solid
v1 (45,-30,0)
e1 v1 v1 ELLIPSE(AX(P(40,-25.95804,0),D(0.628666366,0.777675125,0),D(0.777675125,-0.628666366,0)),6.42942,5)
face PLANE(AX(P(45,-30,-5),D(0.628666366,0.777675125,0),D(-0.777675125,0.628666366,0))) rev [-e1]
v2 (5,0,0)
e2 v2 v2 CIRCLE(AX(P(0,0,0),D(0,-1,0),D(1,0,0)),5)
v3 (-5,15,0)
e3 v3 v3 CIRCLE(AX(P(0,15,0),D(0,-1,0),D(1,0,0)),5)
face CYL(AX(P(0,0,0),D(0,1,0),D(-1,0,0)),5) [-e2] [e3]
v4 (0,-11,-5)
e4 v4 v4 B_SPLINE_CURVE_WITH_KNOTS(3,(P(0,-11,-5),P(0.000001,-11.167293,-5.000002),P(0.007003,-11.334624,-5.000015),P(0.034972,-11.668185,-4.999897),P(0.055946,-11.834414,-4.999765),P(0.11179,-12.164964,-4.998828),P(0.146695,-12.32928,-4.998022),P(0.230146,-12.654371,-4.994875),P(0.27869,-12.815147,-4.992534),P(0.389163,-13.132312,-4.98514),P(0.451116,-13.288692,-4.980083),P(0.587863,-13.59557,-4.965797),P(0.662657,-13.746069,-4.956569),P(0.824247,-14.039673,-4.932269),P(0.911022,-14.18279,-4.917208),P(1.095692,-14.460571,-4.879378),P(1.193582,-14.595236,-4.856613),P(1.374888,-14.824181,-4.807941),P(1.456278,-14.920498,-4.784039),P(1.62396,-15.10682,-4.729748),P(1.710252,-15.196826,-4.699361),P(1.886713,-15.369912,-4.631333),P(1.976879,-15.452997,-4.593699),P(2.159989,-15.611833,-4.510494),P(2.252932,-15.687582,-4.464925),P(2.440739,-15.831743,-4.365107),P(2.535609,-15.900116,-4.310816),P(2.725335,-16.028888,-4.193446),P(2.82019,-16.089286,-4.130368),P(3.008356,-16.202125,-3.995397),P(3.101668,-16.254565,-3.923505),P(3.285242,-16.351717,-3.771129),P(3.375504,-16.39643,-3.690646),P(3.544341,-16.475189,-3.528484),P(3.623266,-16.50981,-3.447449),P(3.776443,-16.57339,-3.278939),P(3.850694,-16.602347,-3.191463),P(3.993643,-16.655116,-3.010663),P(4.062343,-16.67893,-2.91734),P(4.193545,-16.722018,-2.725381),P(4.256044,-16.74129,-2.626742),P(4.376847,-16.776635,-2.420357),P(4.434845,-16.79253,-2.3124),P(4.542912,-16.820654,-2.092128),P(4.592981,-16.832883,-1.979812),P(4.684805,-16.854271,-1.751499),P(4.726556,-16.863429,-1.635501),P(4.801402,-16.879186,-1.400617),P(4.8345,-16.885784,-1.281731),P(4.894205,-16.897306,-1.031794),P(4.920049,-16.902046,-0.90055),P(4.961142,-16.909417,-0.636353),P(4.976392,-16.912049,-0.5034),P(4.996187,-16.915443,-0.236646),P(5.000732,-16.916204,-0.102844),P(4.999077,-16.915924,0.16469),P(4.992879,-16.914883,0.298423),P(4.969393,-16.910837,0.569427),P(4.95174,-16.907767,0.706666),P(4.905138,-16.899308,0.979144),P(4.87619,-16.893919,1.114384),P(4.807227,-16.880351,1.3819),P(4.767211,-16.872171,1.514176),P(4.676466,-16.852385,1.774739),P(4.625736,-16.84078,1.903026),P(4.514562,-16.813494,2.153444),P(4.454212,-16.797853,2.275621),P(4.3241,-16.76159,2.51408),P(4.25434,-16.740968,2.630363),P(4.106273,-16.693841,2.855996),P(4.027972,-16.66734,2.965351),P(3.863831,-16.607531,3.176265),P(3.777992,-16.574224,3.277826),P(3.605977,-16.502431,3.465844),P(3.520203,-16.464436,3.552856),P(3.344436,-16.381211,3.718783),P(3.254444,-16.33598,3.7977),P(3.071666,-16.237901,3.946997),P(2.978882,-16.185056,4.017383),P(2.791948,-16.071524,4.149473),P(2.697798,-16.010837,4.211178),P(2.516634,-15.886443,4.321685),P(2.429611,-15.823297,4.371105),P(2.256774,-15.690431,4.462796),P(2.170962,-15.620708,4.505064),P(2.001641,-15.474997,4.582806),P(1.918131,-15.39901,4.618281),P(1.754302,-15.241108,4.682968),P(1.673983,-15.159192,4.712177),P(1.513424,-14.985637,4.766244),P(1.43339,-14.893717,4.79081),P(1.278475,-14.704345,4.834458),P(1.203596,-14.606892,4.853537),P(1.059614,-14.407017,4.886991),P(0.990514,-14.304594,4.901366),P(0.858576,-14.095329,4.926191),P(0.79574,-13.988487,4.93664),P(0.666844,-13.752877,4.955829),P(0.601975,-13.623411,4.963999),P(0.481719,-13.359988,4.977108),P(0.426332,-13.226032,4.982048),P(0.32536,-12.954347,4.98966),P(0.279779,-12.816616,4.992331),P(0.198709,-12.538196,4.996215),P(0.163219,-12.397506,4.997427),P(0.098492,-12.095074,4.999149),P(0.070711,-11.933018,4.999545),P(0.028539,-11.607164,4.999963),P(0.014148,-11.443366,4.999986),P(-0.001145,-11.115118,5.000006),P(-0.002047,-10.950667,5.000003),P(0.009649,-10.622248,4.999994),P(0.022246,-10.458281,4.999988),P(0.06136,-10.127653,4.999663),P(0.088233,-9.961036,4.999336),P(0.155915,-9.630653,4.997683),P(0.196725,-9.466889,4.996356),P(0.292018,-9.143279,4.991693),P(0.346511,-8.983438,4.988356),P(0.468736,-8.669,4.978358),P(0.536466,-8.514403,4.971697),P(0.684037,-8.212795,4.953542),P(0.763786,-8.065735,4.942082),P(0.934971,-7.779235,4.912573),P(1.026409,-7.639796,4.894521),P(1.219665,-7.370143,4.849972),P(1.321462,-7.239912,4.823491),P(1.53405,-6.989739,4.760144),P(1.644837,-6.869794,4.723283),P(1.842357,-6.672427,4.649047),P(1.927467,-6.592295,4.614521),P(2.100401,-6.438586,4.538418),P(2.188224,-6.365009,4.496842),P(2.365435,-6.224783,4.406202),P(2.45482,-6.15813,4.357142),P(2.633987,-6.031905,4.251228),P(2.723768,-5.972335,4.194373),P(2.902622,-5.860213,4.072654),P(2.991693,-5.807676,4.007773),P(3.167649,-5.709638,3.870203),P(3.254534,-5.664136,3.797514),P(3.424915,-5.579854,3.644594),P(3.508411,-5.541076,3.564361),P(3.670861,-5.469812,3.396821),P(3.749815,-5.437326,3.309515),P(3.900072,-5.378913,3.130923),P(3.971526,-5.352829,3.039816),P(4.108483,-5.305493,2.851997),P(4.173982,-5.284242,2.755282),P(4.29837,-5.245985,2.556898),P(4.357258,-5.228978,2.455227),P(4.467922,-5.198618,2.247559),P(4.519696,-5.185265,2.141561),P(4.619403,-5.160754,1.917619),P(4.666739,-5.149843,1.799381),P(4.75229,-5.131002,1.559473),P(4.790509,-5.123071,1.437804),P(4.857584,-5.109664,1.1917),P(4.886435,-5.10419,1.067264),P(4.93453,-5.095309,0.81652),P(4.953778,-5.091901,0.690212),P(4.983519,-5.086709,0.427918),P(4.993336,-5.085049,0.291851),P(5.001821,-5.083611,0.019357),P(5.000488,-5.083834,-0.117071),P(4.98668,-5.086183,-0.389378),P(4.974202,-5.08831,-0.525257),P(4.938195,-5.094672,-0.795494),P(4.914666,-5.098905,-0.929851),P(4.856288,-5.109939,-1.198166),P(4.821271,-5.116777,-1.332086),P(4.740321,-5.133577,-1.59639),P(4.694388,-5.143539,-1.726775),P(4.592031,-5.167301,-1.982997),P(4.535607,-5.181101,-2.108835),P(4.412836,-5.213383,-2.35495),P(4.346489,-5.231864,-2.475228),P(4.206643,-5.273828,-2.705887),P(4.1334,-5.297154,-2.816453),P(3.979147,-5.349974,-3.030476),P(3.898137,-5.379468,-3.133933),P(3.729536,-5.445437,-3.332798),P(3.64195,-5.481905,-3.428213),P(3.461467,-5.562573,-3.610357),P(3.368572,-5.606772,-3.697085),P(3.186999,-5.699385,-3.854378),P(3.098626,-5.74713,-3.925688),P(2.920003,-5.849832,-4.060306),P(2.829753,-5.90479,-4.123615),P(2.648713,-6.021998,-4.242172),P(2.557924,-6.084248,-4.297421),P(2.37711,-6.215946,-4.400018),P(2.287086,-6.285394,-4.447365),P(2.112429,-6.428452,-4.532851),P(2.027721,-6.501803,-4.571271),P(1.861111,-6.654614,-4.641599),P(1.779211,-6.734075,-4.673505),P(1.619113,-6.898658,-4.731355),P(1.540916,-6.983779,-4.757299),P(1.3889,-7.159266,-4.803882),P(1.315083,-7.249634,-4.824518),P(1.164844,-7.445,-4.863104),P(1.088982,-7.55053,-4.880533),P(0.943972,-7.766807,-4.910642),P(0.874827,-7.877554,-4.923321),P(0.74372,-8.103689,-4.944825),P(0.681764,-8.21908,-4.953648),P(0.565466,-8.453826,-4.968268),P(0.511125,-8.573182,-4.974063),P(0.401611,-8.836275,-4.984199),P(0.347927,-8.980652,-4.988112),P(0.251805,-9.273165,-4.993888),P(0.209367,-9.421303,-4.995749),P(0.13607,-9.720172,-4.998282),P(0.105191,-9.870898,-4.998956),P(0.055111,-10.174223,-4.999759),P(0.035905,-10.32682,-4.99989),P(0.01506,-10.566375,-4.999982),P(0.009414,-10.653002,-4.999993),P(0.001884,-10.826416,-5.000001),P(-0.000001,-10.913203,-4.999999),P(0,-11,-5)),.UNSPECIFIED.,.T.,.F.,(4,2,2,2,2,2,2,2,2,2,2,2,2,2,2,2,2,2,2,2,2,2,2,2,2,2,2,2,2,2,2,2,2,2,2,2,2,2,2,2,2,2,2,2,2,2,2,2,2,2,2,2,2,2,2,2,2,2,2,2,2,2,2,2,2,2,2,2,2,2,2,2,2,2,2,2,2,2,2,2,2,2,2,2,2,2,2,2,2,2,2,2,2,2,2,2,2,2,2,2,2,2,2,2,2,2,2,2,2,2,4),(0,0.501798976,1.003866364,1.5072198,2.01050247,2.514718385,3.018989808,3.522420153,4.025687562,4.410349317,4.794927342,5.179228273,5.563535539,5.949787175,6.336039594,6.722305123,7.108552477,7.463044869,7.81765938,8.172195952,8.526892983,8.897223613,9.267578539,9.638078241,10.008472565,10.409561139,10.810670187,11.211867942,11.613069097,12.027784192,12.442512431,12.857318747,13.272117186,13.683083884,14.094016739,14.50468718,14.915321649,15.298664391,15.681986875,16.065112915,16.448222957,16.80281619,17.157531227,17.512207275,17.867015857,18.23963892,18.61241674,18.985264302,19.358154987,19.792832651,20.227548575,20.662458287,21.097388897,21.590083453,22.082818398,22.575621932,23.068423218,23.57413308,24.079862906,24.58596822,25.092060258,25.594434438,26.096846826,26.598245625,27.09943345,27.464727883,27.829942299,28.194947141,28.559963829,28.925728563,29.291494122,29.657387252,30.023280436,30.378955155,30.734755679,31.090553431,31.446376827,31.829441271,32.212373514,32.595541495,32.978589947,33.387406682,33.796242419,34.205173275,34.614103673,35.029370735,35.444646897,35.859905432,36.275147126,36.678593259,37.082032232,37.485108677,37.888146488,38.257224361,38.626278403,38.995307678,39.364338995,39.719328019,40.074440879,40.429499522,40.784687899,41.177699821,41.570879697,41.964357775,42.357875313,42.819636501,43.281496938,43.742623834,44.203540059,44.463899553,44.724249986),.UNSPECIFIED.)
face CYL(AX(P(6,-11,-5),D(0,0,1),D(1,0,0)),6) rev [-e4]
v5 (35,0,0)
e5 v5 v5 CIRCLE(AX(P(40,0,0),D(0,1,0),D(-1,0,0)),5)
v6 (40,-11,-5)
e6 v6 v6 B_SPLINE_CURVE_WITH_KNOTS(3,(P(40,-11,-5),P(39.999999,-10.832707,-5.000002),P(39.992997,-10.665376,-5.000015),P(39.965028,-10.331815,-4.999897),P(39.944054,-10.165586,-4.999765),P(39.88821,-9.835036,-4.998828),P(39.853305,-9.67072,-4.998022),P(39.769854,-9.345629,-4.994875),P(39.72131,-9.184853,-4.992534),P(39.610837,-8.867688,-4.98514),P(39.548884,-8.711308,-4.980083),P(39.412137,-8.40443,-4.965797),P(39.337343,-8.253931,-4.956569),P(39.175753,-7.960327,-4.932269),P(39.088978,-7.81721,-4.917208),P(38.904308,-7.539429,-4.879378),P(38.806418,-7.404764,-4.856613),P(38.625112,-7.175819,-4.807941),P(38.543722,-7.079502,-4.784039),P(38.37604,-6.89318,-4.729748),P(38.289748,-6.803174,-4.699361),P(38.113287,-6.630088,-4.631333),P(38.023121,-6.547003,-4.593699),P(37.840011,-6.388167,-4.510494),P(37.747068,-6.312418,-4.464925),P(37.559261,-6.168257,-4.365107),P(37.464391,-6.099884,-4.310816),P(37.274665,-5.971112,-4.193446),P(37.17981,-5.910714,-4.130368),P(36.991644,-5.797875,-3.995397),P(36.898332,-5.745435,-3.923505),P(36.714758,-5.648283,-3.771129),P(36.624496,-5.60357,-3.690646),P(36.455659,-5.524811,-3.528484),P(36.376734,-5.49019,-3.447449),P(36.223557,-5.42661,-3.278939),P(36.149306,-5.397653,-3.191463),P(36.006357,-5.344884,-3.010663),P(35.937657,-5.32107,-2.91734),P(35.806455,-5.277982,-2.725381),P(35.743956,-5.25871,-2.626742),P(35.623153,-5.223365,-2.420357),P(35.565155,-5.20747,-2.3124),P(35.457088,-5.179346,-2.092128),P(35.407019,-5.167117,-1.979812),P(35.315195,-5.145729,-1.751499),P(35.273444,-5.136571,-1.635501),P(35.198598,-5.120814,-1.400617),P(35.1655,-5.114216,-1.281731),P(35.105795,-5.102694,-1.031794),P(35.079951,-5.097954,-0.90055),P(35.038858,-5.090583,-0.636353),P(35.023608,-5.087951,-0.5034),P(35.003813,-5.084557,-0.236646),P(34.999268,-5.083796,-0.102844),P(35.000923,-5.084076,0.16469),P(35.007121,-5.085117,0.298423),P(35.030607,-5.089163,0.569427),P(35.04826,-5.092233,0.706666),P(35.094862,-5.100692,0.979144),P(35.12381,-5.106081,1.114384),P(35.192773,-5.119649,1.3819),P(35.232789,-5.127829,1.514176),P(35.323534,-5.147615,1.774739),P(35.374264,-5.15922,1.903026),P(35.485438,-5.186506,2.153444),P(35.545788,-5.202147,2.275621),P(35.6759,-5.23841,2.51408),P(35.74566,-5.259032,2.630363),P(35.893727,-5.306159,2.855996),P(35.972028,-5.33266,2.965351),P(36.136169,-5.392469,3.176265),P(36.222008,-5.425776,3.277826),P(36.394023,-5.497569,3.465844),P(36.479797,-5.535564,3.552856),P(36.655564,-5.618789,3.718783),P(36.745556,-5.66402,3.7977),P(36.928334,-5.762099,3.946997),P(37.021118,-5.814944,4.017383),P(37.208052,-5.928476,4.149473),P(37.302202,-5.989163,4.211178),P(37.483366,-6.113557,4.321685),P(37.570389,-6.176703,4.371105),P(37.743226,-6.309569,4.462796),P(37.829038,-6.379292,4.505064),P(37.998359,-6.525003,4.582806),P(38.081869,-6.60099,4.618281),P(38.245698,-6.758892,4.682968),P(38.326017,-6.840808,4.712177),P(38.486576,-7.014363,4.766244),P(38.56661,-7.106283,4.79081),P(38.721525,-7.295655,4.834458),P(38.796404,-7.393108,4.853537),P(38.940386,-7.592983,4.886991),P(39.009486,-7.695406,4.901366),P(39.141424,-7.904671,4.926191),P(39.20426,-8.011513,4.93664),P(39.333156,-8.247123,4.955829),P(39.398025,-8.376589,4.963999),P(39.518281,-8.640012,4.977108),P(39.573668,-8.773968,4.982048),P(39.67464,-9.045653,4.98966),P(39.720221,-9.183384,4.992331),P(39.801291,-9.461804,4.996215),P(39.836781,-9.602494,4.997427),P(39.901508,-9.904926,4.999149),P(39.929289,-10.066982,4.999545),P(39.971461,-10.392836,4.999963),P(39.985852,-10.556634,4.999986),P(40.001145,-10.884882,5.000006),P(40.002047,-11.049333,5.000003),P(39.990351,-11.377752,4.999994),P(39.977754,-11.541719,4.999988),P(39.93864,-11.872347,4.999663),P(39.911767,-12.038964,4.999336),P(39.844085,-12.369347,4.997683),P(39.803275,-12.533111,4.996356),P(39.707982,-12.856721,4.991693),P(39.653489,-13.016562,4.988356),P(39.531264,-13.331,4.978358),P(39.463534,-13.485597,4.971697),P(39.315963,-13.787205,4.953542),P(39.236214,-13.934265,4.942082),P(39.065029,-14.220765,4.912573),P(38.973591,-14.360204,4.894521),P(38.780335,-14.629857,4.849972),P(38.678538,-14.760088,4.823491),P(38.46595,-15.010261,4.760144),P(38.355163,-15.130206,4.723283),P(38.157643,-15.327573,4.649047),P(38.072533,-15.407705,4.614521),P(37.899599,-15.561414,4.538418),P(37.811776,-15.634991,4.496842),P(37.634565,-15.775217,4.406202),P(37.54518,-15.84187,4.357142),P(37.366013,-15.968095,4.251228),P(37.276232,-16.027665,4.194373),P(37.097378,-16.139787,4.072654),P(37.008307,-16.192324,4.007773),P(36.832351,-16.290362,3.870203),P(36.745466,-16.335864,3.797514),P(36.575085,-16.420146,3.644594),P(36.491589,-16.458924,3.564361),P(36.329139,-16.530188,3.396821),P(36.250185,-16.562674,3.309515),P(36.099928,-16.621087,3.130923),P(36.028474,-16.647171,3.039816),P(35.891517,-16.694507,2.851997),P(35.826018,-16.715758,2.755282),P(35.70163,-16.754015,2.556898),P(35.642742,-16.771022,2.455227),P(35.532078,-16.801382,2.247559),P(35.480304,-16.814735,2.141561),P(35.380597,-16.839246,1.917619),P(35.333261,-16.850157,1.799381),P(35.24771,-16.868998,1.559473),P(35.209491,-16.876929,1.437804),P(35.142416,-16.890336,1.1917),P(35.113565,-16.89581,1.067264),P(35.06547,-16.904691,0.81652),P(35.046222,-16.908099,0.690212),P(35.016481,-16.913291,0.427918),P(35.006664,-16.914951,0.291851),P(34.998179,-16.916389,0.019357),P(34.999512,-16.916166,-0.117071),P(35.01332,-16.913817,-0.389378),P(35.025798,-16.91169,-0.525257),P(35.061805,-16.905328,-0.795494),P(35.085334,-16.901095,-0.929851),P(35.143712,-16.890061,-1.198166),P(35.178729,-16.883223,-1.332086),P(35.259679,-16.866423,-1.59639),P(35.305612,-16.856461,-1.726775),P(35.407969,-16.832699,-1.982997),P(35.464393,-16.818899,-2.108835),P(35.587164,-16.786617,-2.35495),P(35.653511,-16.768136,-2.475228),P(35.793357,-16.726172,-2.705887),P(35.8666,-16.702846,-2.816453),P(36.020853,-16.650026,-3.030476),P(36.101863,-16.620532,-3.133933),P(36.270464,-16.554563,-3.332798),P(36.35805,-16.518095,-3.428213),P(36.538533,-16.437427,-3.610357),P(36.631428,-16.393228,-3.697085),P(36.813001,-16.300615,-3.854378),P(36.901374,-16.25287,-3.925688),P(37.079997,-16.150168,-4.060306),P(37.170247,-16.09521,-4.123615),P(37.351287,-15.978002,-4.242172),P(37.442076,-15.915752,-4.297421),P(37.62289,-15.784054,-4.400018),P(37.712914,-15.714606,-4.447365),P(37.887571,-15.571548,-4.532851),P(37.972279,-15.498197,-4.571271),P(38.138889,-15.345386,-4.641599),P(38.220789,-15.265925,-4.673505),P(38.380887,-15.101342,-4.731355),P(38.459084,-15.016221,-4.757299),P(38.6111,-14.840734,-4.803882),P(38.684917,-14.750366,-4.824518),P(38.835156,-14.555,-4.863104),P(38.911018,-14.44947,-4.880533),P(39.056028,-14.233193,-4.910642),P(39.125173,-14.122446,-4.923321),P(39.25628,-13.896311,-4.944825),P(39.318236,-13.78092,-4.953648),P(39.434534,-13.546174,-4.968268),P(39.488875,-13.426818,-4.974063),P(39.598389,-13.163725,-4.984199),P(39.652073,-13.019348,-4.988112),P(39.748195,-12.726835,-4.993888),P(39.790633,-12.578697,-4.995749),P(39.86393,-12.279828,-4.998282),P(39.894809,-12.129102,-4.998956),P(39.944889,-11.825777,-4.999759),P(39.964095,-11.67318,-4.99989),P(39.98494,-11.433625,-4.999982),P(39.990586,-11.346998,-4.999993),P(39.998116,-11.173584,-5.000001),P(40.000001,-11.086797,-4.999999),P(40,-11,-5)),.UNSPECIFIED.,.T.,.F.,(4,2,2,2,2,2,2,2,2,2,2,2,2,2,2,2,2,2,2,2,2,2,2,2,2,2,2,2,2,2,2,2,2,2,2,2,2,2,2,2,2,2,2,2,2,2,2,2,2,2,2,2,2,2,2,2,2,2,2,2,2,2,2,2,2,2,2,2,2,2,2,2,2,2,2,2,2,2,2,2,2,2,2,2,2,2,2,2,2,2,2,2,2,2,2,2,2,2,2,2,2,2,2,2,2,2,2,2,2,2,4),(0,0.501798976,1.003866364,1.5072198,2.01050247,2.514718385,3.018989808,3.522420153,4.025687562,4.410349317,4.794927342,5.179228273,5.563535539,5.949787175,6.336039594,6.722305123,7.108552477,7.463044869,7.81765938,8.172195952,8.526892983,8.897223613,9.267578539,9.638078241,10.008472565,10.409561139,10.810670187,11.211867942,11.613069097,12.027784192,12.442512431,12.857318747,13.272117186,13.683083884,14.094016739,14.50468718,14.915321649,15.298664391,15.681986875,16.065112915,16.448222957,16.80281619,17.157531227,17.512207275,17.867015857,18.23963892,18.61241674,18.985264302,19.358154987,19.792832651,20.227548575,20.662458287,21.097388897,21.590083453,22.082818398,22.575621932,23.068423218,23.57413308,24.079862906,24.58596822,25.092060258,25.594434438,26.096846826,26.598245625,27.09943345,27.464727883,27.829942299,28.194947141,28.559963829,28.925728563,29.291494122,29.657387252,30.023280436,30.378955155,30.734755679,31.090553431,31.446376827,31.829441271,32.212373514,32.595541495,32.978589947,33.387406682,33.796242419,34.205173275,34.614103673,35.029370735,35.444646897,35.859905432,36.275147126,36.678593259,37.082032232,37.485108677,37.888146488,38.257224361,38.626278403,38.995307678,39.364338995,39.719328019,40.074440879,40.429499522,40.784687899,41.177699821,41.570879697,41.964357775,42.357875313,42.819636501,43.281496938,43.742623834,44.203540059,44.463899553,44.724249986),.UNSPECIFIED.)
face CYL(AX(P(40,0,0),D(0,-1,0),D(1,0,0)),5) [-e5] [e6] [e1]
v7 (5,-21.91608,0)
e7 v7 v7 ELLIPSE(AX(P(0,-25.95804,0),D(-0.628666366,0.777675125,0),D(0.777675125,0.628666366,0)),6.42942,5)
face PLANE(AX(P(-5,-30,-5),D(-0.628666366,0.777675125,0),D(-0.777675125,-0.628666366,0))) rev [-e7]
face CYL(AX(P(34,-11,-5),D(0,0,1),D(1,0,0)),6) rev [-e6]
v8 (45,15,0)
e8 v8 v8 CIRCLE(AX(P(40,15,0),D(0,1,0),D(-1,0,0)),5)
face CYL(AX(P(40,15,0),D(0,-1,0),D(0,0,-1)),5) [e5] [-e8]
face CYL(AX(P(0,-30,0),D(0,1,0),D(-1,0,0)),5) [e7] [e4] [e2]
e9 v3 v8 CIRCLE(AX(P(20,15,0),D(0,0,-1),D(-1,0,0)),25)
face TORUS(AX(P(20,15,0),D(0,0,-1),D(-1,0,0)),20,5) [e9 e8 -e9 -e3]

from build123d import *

# Parameters (mm, degrees)
SWEEP1_PROFILE_R        = 5
CUT_EXTRUDE1_DEPTH      = 61.415230017
CUT_EXTRUDE1_DEPTH_BACK = 61.415230017
CUT_EXTRUDE3_DEPTH      = 61.415230017
CUT_EXTRUDE3_DEPTH_BACK = 61.415230017


with BuildPart() as part:
    # Sweep1: sweep along a path in Sketch2
    with BuildLine(Plane.XY) as sweep1_path:
        Line((40, -30), (40, 0))
        Line((40, 0), (40, 15))
        ThreePointArc((40, 15), (20, 35), (0, 15))
        Line((0, 15), (0, 0))
        Line((0, 0), (0, -30))
    # Sweep1 profile (on start of the path) → Sweep1 (sweep)
    with BuildSketch(Plane(origin=(40, -30, 0), x_dir=(1, 0, 0), z_dir=(0, 1, 0))):
        Circle(SWEEP1_PROFILE_R)
    sweep(path=sweep1_path.line)

    # Sketch14 → Cut-Extrude1 (cut, two sides: drawn at the far end of the back side and taken through both)
    with BuildSketch(Plane.XY.offset(-CUT_EXTRUDE1_DEPTH_BACK)):
        with BuildLine():
            Line((6, -5), (34, -5))
            ThreePointArc((34, -5), (40, -11), (34, -17))
            Line((34, -17), (6, -17))
            ThreePointArc((6, -17), (0, -11), (6, -5))
        make_face()
    extrude(amount=CUT_EXTRUDE1_DEPTH + CUT_EXTRUDE1_DEPTH_BACK, mode=Mode.SUBTRACT)

    # Sketch22 → Cut-Extrude3 (cut, two sides: drawn at the far end of the back side and taken through both)
    with BuildSketch(Plane.XY.offset(-CUT_EXTRUDE3_DEPTH_BACK)):
        Polygon((-5, -30), (5, -21.916079783), (5, -30), align=None)
        Polygon((35, -30), (45, -30), (35, -21.916079783), align=None)
    extrude(amount=CUT_EXTRUDE3_DEPTH + CUT_EXTRUDE3_DEPTH_BACK, mode=Mode.SUBTRACT)


solid = part.part
